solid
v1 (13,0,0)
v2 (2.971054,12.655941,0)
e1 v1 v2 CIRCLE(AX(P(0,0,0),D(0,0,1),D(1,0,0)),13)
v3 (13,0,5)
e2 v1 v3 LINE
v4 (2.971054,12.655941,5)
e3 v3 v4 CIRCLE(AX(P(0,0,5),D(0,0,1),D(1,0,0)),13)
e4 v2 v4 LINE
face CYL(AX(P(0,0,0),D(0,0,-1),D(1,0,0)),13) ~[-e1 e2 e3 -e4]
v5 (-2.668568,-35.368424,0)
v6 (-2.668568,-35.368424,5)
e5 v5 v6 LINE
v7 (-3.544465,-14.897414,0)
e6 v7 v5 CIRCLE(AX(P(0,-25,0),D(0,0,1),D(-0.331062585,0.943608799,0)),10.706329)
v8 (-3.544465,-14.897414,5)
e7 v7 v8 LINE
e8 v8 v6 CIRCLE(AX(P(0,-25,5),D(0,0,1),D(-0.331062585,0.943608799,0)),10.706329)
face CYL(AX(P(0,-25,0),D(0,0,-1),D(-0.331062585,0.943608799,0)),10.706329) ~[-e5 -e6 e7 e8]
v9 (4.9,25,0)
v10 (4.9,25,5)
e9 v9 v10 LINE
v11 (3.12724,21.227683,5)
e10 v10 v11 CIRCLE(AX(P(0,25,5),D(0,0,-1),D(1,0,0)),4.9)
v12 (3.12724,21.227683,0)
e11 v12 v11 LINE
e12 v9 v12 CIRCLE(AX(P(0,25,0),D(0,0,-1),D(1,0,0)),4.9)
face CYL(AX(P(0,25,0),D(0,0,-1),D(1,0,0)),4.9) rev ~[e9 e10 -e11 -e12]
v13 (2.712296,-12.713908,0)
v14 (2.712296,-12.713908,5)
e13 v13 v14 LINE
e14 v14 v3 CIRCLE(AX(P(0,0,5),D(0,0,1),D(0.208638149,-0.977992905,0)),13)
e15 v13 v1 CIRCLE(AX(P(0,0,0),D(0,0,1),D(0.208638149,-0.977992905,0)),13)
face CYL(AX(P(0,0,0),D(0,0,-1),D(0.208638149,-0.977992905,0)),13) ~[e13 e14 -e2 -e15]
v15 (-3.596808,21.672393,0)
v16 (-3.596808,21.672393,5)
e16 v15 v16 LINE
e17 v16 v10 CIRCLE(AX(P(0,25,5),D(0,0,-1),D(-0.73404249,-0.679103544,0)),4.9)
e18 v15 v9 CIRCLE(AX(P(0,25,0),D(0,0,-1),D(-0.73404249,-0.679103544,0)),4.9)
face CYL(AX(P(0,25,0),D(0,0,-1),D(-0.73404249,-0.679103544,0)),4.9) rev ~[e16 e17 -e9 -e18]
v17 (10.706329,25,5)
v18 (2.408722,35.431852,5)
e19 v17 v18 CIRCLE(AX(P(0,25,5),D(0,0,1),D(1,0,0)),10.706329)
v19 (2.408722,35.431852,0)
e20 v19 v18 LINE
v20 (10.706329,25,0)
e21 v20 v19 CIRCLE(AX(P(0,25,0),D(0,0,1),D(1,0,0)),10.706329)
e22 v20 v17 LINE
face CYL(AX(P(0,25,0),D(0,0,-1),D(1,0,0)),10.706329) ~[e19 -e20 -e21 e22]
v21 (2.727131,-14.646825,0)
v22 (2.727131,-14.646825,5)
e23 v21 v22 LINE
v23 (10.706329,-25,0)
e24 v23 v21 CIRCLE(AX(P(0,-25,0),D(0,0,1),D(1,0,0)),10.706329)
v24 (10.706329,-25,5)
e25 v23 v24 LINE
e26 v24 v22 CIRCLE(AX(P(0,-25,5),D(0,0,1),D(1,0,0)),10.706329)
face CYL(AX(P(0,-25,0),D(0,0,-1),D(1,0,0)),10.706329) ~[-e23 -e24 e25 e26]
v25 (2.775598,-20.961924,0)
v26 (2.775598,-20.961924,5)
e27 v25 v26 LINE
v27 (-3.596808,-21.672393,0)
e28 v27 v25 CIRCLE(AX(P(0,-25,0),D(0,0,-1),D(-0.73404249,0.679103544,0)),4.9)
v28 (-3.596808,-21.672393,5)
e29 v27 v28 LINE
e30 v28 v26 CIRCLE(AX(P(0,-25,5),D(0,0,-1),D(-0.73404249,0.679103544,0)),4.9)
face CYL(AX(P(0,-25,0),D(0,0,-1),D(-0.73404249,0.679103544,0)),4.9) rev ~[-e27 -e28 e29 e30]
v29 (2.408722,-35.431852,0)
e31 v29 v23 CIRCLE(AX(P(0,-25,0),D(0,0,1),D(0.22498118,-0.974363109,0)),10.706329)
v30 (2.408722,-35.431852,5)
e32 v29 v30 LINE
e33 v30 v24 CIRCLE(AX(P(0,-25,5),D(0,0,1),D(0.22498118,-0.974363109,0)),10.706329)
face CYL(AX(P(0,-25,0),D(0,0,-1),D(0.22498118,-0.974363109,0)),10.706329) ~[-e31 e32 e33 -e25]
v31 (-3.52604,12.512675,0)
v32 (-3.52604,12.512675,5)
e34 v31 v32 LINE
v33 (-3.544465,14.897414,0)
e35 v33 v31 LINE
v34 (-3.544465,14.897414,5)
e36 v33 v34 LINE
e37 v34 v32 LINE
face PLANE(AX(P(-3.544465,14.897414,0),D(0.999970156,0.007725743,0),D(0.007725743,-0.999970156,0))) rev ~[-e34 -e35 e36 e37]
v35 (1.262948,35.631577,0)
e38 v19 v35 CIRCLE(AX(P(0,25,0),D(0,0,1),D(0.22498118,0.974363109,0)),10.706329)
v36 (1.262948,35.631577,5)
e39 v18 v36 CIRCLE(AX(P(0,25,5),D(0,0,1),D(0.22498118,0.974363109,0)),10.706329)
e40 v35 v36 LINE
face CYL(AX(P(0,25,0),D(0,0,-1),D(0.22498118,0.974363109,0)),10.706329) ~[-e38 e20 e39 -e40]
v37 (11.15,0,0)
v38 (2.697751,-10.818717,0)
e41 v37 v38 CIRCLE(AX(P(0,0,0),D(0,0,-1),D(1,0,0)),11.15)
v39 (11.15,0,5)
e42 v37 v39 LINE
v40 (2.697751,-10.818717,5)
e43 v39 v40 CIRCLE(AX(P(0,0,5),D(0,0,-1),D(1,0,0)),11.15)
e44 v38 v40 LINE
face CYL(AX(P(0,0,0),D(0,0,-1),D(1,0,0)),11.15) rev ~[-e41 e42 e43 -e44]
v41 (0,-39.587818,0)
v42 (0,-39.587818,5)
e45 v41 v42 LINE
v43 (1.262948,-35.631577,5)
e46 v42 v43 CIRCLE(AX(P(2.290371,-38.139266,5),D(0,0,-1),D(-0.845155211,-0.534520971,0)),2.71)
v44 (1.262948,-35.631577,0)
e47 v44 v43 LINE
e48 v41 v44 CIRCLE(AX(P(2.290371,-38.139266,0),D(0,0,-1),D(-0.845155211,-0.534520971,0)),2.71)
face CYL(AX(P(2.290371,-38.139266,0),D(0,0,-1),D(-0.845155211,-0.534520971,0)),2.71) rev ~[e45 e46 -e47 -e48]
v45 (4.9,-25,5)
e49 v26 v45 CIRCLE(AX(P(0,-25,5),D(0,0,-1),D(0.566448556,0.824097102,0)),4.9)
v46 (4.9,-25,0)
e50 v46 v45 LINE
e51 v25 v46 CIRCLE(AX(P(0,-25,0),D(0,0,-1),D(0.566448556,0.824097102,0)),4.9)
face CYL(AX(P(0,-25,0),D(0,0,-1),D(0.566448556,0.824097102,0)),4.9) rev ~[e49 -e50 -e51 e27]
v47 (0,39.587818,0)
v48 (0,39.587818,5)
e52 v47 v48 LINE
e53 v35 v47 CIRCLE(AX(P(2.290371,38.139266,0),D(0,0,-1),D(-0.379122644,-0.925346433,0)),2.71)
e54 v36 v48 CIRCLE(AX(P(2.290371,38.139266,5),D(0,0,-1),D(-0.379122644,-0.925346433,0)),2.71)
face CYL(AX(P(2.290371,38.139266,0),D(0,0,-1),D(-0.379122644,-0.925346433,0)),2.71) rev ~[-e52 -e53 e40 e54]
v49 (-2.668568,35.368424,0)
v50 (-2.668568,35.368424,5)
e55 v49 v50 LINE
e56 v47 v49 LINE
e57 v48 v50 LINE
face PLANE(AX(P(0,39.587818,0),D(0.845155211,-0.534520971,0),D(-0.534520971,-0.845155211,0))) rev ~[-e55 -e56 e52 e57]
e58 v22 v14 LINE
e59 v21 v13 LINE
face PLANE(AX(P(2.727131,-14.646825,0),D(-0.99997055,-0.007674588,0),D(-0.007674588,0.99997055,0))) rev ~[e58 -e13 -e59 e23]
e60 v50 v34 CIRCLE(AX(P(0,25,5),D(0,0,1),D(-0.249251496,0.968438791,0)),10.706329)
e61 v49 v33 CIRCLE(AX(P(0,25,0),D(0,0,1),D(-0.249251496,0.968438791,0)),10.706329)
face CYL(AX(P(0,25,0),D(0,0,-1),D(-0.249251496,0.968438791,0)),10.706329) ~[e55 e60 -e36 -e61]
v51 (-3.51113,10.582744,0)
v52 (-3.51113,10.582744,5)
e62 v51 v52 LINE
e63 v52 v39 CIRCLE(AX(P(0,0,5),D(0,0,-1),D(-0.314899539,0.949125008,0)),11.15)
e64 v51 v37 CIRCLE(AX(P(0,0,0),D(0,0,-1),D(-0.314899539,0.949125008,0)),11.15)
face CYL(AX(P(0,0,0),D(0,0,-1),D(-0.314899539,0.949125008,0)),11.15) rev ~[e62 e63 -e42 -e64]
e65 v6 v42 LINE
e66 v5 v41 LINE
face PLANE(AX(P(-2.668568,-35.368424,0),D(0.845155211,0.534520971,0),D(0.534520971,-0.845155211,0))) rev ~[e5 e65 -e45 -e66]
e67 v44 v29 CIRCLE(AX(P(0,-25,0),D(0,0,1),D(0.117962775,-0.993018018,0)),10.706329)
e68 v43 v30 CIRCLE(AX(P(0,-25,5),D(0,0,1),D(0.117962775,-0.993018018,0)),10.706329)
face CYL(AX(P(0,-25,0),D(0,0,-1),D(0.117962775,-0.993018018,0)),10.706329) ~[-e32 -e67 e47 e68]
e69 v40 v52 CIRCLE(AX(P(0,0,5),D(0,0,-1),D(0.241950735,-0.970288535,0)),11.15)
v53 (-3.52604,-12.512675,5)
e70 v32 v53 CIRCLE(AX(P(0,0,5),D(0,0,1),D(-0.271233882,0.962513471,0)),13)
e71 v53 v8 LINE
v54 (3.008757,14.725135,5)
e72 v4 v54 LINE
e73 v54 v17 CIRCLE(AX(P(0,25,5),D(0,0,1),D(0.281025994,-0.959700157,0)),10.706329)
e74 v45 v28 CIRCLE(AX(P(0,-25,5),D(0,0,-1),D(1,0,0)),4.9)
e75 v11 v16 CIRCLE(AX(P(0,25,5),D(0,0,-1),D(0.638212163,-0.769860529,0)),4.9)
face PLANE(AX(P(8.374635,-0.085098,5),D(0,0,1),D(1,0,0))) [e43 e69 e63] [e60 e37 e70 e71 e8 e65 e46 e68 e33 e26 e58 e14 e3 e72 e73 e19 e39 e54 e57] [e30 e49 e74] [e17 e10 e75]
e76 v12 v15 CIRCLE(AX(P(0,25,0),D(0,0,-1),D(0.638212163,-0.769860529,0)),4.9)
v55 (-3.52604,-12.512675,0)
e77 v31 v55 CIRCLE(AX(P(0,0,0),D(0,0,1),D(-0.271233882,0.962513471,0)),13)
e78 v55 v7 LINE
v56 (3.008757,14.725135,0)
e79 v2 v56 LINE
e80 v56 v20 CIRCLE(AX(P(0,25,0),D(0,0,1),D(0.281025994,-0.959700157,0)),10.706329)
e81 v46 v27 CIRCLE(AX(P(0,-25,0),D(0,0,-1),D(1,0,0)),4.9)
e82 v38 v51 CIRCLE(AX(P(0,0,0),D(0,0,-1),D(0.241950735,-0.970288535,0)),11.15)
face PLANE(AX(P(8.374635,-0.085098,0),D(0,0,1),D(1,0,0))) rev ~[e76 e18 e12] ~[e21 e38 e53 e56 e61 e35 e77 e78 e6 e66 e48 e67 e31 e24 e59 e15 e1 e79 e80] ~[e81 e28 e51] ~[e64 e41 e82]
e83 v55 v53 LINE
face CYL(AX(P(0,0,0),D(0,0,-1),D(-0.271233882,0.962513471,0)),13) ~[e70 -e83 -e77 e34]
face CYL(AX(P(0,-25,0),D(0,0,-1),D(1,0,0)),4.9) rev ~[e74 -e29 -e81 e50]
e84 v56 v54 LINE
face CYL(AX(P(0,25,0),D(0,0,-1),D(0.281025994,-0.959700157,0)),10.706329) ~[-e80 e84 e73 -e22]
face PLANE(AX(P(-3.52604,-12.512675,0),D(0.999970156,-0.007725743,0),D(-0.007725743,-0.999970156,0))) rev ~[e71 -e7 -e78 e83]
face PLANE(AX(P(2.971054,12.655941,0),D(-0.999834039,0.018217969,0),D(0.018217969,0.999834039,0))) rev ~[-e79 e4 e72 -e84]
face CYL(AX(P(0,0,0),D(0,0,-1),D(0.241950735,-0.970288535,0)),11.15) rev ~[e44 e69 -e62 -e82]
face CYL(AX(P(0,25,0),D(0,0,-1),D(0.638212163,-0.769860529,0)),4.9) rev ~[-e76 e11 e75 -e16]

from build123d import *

# Parameters (mm, degrees)
F1_DEPTH = 5


with BuildPart() as f1:
    # F0 (on Top) → F1 (new body)
    with BuildSketch(Plane.XY):
        with BuildLine():
            ThreePointArc((2.7122959353, -12.713907769), (10.1059350671, -8.1774125749), (13, 0))
            ThreePointArc((13, 0), (10.188810068, 8.0739178469), (2.9710539386, 12.655940838))
            Line((2.9710539386, 12.655940838), (2.9364421357, 10.7563845033))
            ThreePointArc((2.9364421357, 10.7563845033), (8.8618234527, 6.7668741006), (11.15, 0))
            ThreePointArc((11.15, 0), (8.7864219198, -6.8644948719), (2.6977507002, -10.8187171679))
            Line((2.6977507002, -10.8187171679), (2.7122959353, -12.713907769))
        make_face()
        with BuildLine():
            Line((2.9364421357, 10.7563845033), (2.9710539386, 12.655940838))
            ThreePointArc((2.9710539386, 12.655940838), (-0.286589911, 12.9968406247), (-3.5260404631, 12.5126751198))
            Line((-3.5260404631, 12.5126751198), (-3.5111298648, 10.5827438348))
            ThreePointArc((-3.5111298648, 10.5827438348), (-0.3001737279, 11.1459587175), (2.9364421357, 10.7563845033))
        make_face()
        with BuildLine():
            ThreePointArc((-3.5260404631, 12.5126751198), (-0.286589911, 12.9968406247), (2.9710539386, 12.655940838))
            Line((2.9710539386, 12.655940838), (3.0087567031, 14.7251345571))
            ThreePointArc((3.0087567031, 14.7251345571), (-0.2813642855, 14.2973689727), (-3.5444648923, 14.8974139253))
            Line((-3.5444648923, 14.8974139253), (-3.5260404631, 12.5126751198))
        make_face()
        with BuildLine():
            Line((2.7271307145, -14.6468248911), (2.7122959353, -12.713907769))
            ThreePointArc((2.7122959353, -12.713907769), (-0.4191284814, -12.9932417555), (-3.5260404631, -12.5126751198))
            Line((-3.5260404631, -12.5126751198), (-3.5444648923, -14.8974139253))
            ThreePointArc((-3.5444648923, -14.8974139253), (-0.4274429852, -14.3022072715), (2.7271307145, -14.6468248911))
        make_face()
        with BuildLine():
            ThreePointArc((-3.5260404631, -12.5126751198), (-0.4191284814, -12.9932417555), (2.7122959353, -12.713907769))
            Line((2.7122959353, -12.713907769), (2.6977507002, -10.8187171679))
            ThreePointArc((2.6977507002, -10.8187171679), (-0.4234586991, -11.1419559652), (-3.5111298648, -10.5827438348))
            Line((-3.5111298648, -10.5827438348), (-3.5260404631, -12.5126751198))
        make_face()
        with BuildLine():
            Line((-3.5111298648, 10.5827438348), (-3.5260404631, 12.5126751198))
            ThreePointArc((-3.5260404631, 12.5126751198), (-13, 0), (-3.5260404631, -12.5126751198))
            Line((-3.5260404631, -12.5126751198), (-3.5111298648, -10.5827438348))
            ThreePointArc((-3.5111298648, -10.5827438348), (-11.15, 0), (-3.5111298648, 10.5827438348))
        make_face()
        with BuildLine():
            ThreePointArc((-3.5444648923, 14.8974139253), (-0.2813642855, 14.2973689727), (3.0087567031, 14.7251345571))
            Line((3.0087567031, 14.7251345571), (3.1272396008, 21.2276834068))
            ThreePointArc((3.1272396008, 21.2276834068), (-0.3233654921, 20.110681565), (-3.5968081993, 21.6723926347))
            Line((-3.5968081993, 21.6723926347), (-3.5444648923, 14.8974139253))
        make_face()
        with BuildLine():
            Line((3.1272396008, 21.2276834068), (3.0087567031, 14.7251345571))
            ThreePointArc((3.0087567031, 14.7251345571), (8.5684950653, 18.5807812714), (10.7063288184, 25))
            ThreePointArc((10.7063288184, 25), (8.3789632953, 31.664716863), (2.4087224927, 35.4318518357))
            ThreePointArc((2.4087224927, 35.4318518357), (1.8249945721, 35.4695237329), (1.2629482579, 35.6315774214))
            ThreePointArc((1.2629482579, 35.6315774214), (-0.7150206007, 35.6824258626), (-2.6685684721, 35.3684241367))
            ThreePointArc((-2.6685684721, 35.3684241367), (-10.6965419957, 25.4576746699), (-3.5444648923, 14.8974139253))
            Line((-3.5444648923, 14.8974139253), (-3.5968081993, 21.6723926347))
            ThreePointArc((-3.5968081993, 21.6723926347), (-1.7868463593, 29.5625848034), (4.9, 25))
            ThreePointArc((4.9, 25), (4.4347194976, 22.9159503418), (3.1272396008, 21.2276834068))
        make_face()
        with BuildLine():
            ThreePointArc((10.7063288184, -25), (8.480065888, -18.4644082667), (2.7271307145, -14.6468248911))
            Line((2.7271307145, -14.6468248911), (2.7755979263, -20.9619242019))
            ThreePointArc((2.7755979263, -20.9619242019), (4.3364980018, -22.7186001927), (4.9, -25))
            ThreePointArc((4.9, -25), (-1.7868463593, -29.5625848034), (-3.5968081993, -21.6723926347))
            Line((-3.5968081993, -21.6723926347), (-3.5444648923, -14.8974139253))
            ThreePointArc((-3.5444648923, -14.8974139253), (-10.6965419957, -25.4576746699), (-2.6685684721, -35.3684241367))
            ThreePointArc((-2.6685684721, -35.3684241367), (-0.7150206007, -35.6824258626), (1.2629482579, -35.6315774214))
            ThreePointArc((1.2629482579, -35.6315774214), (1.8249945721, -35.4695237329), (2.4087224927, -35.4318518357))
            ThreePointArc((2.4087224927, -35.4318518357), (8.3789632953, -31.664716863), (10.7063288184, -25))
        make_face()
        with BuildLine():
            Line((2.7755979263, -20.9619242019), (2.7271307145, -14.6468248911))
            ThreePointArc((2.7271307145, -14.6468248911), (-0.4274429852, -14.3022072715), (-3.5444648923, -14.8974139253))
            Line((-3.5444648923, -14.8974139253), (-3.5968081993, -21.6723926347))
            ThreePointArc((-3.5968081993, -21.6723926347), (-0.5429437601, -20.1301733015), (2.7755979263, -20.9619242019))
        make_face()
        with BuildLine():
            Line((0, 39.5878180861), (-2.6685684721, 35.3684241367))
            ThreePointArc((-2.6685684721, 35.3684241367), (-0.7150206007, 35.6824258626), (1.2629482579, 35.6315774214))
            ThreePointArc((1.2629482579, 35.6315774214), (-0.2912756787, 37.315128904), (0, 39.5878180861))
        make_face()
        with BuildLine():
            ThreePointArc((1.2629482579, 35.6315774214), (1.8249945721, 35.4695237329), (2.4087224927, 35.4318518357))
            ThreePointArc((2.4087224927, 35.4318518357), (1.8385494561, 35.547284611), (1.2629482579, 35.6315774214))
        make_face()
        with BuildLine():
            ThreePointArc((1.2629482579, -35.6315774214), (-0.7150206007, -35.6824258626), (-2.6685684721, -35.3684241367))
            Line((-2.6685684721, -35.3684241367), (0, -39.5878180861))
            ThreePointArc((0, -39.5878180861), (-0.2912756787, -37.315128904), (1.2629482579, -35.6315774214))
        make_face()
        with BuildLine():
            ThreePointArc((1.2629482579, -35.6315774214), (1.8385494561, -35.547284611), (2.4087224927, -35.4318518357))
            ThreePointArc((2.4087224927, -35.4318518357), (1.8249945721, -35.4695237329), (1.2629482579, -35.6315774214))
        make_face()
    extrude(amount=F1_DEPTH)


solid = f1.part
